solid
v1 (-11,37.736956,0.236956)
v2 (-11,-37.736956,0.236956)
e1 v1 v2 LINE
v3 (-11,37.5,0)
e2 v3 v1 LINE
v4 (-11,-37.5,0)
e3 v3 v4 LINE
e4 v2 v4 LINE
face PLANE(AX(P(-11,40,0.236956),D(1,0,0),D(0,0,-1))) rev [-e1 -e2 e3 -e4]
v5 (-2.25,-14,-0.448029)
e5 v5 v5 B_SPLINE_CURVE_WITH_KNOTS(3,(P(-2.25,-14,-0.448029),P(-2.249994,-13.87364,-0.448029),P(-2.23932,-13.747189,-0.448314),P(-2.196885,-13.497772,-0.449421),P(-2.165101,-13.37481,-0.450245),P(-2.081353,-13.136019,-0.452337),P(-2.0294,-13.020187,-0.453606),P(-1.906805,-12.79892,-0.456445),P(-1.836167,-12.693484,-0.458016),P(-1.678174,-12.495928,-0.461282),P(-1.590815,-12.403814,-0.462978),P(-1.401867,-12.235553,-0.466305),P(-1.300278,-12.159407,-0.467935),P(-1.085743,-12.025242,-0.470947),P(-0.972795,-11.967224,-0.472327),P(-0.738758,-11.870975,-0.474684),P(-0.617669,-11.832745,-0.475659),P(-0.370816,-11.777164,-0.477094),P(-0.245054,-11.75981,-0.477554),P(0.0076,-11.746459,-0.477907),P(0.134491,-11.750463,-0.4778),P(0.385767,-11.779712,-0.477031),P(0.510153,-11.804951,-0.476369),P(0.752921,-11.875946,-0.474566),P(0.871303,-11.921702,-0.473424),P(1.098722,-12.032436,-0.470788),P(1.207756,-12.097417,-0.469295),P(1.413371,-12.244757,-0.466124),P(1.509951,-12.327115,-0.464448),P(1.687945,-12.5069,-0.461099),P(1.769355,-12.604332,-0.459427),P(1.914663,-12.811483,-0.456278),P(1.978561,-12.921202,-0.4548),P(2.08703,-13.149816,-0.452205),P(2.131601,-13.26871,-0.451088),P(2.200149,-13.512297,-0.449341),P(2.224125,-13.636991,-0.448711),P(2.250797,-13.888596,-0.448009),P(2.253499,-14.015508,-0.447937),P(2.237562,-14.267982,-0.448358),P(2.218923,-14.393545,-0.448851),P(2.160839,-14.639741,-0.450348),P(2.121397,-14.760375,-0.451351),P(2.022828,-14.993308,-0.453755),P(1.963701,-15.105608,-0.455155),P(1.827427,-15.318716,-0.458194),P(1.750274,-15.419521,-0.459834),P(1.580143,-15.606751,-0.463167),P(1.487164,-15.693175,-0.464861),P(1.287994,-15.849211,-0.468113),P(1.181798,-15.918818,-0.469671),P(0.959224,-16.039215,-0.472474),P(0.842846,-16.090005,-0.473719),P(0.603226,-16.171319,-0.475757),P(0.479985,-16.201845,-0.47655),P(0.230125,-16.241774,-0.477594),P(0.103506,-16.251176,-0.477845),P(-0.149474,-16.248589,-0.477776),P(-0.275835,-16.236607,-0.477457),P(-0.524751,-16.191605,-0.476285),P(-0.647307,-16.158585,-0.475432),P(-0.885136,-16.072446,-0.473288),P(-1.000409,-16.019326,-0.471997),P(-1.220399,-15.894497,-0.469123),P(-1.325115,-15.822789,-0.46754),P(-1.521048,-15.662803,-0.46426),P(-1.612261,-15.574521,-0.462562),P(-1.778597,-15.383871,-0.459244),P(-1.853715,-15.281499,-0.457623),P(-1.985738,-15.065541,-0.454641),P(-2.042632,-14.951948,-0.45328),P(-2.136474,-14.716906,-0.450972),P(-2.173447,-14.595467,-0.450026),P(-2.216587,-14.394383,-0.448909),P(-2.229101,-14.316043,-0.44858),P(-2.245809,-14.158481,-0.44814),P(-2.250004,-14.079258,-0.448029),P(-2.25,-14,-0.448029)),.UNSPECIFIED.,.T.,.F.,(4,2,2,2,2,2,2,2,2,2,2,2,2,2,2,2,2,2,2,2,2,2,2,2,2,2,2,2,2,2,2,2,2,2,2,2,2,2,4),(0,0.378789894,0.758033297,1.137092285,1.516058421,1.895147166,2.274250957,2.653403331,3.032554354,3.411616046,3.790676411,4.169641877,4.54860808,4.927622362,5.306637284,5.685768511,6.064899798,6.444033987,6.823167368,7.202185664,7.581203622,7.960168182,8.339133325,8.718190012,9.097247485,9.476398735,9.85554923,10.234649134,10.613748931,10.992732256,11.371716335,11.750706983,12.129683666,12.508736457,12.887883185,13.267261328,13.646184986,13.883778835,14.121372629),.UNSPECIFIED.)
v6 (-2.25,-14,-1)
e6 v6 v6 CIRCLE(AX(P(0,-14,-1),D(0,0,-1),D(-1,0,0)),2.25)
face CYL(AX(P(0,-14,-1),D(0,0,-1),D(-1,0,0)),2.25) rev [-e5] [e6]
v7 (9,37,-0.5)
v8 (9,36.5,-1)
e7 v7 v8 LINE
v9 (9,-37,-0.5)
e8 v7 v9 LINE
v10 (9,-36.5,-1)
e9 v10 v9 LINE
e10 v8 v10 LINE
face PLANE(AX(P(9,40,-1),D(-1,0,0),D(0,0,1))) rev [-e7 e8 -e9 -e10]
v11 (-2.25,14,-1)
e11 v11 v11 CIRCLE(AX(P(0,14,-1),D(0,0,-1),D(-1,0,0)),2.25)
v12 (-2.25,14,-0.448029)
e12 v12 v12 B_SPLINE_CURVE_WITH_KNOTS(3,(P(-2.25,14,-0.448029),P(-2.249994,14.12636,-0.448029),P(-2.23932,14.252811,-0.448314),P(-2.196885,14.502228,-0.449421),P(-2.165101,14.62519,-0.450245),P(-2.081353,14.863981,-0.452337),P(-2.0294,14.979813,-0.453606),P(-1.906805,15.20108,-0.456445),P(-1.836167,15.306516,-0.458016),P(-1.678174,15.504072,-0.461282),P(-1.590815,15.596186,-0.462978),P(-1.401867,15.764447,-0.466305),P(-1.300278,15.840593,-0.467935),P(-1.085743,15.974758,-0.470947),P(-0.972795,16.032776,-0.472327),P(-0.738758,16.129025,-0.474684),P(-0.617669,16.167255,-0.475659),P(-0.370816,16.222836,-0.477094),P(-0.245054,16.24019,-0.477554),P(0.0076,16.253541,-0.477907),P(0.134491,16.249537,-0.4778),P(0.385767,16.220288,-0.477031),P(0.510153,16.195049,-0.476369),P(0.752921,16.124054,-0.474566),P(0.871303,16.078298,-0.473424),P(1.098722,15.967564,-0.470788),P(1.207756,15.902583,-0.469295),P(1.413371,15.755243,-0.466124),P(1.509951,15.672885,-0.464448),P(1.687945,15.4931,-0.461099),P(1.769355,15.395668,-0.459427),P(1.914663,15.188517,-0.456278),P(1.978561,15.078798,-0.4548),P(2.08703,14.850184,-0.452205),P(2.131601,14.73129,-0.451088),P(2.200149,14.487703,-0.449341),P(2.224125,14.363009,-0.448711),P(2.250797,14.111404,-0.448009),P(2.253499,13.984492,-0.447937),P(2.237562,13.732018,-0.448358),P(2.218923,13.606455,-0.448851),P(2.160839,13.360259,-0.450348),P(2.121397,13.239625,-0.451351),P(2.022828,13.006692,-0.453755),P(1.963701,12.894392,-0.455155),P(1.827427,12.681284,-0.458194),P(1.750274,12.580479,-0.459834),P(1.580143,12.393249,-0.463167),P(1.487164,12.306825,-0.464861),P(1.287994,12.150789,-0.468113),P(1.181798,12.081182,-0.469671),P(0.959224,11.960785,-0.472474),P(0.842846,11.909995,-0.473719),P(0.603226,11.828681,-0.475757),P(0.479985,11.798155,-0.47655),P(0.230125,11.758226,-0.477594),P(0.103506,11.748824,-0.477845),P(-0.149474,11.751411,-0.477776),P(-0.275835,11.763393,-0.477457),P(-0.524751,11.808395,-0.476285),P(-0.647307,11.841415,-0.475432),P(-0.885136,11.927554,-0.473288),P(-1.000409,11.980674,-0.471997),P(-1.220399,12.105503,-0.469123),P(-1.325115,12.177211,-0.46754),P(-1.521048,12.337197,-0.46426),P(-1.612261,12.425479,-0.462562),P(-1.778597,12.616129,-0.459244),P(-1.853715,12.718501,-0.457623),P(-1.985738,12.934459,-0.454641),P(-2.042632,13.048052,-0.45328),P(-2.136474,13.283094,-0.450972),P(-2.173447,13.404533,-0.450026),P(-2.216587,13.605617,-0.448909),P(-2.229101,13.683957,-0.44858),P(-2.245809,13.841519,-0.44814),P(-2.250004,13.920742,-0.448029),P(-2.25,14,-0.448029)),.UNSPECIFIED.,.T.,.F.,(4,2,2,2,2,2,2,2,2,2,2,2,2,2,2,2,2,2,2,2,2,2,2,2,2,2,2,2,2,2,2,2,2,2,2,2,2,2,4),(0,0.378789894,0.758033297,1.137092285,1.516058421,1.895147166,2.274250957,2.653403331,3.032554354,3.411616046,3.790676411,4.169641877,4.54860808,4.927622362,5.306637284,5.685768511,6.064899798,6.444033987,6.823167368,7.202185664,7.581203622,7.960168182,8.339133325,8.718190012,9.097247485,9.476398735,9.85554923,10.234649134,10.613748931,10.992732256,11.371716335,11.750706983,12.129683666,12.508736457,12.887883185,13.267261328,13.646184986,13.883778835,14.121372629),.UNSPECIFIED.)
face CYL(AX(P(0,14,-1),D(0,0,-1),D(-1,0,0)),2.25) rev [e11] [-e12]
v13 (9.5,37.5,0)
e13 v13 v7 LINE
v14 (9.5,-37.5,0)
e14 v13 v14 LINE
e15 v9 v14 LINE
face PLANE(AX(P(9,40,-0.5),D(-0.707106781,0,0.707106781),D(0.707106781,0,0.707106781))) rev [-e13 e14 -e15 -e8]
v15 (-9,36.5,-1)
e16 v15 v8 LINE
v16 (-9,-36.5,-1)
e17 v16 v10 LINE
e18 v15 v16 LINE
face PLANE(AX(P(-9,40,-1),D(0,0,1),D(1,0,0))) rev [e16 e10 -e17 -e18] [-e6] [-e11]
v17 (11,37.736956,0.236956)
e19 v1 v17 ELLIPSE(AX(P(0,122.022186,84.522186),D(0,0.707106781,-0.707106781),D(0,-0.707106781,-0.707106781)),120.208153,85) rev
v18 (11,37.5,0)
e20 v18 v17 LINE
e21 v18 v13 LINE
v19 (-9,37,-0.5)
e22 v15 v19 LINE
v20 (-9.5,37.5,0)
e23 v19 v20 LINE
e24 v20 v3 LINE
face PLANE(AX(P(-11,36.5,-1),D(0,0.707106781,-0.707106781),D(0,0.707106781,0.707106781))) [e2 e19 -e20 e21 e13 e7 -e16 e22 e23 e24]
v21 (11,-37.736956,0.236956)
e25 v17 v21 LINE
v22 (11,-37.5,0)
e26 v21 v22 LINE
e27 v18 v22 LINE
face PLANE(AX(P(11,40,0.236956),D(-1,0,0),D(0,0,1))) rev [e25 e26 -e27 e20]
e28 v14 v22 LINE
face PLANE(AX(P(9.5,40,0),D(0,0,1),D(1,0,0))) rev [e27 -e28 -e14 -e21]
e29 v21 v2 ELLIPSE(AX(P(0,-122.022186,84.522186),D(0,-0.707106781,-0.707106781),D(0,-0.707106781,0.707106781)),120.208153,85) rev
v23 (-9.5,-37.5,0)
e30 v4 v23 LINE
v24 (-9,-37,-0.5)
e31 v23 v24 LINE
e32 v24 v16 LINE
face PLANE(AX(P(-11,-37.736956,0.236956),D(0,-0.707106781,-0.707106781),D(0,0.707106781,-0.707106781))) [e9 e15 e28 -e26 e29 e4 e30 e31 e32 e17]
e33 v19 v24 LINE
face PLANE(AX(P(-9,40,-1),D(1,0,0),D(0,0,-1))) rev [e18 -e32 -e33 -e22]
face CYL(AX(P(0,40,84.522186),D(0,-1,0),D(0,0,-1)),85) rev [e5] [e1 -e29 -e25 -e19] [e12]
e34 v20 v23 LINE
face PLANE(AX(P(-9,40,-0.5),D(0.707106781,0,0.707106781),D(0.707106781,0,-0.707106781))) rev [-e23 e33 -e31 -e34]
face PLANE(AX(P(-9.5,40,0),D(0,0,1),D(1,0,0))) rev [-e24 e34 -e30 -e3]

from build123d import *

# Parameters (mm, degrees)
BOSS_EXTRUDE1_DEPTH     = 40
CUT_EXTRUDE1_DEPTH      = 42.496987842
CUT_EXTRUDE1_DEPTH_BACK = 42.496987842
SKETCH6_OUTSIDE_W       = 19.833
SKETCH6_OUTSIDE_H       = 98.596
M4_CLEARANCE_HOLE1_D    = 4.5


with BuildPart() as part:
    # Sketch1 → Boss-Extrude1 (new, symmetric)
    with BuildSketch(Plane(origin=(0, 0, 0), x_dir=(1, 0, 0), z_dir=(0, 1, 0))):
        with BuildLine():
            Line((-9, 1), (9, 1))
            Line((9, 1), (9, 0.5))
            Line((9, 0.5), (9.5, 0))
            Line((9.5, 0), (11, 0))
            Line((11, 0), (11, -0.236956414))
            ThreePointArc((11, -0.236956414), (0, 0.477813564), (-11, -0.236956414))
            Line((-11, -0.236956414), (-11, 0))
            Line((-11, 0), (-9.5, 0))
            Line((-9.5, 0), (-9, 0.5))
            Line((-9, 0.5), (-9, 1))
        make_face()
    extrude(amount=BOSS_EXTRUDE1_DEPTH, both=True)

    # Sketch6 outside → Cut-Extrude1 (cut, two sides: drawn at the far end of the back side and taken through both)
    with BuildSketch(Plane(origin=(0, 0, 0), x_dir=(0, 0, -1), z_dir=(1, 0, 0)).offset(-CUT_EXTRUDE1_DEPTH_BACK)):
        with Locations((0.3815, 0)):
            Rectangle(SKETCH6_OUTSIDE_W, SKETCH6_OUTSIDE_H)
        Polygon((1, -36.5), (1, 36.5), (-0.236956414, 37.736956414), (-0.236956414, -37.736956414), align=None, mode=Mode.SUBTRACT)
    extrude(amount=CUT_EXTRUDE1_DEPTH + CUT_EXTRUDE1_DEPTH_BACK, mode=Mode.SUBTRACT)

    # M4 Clearance Hole1 (through all)
    with Locations(Plane(origin=(0, 0, -1), x_dir=(-1, 0, 0), z_dir=(0, 0, -1))):
        with Locations((0, 14), (0, -14)):
            Hole(M4_CLEARANCE_HOLE1_D / 2)


solid = part.part
